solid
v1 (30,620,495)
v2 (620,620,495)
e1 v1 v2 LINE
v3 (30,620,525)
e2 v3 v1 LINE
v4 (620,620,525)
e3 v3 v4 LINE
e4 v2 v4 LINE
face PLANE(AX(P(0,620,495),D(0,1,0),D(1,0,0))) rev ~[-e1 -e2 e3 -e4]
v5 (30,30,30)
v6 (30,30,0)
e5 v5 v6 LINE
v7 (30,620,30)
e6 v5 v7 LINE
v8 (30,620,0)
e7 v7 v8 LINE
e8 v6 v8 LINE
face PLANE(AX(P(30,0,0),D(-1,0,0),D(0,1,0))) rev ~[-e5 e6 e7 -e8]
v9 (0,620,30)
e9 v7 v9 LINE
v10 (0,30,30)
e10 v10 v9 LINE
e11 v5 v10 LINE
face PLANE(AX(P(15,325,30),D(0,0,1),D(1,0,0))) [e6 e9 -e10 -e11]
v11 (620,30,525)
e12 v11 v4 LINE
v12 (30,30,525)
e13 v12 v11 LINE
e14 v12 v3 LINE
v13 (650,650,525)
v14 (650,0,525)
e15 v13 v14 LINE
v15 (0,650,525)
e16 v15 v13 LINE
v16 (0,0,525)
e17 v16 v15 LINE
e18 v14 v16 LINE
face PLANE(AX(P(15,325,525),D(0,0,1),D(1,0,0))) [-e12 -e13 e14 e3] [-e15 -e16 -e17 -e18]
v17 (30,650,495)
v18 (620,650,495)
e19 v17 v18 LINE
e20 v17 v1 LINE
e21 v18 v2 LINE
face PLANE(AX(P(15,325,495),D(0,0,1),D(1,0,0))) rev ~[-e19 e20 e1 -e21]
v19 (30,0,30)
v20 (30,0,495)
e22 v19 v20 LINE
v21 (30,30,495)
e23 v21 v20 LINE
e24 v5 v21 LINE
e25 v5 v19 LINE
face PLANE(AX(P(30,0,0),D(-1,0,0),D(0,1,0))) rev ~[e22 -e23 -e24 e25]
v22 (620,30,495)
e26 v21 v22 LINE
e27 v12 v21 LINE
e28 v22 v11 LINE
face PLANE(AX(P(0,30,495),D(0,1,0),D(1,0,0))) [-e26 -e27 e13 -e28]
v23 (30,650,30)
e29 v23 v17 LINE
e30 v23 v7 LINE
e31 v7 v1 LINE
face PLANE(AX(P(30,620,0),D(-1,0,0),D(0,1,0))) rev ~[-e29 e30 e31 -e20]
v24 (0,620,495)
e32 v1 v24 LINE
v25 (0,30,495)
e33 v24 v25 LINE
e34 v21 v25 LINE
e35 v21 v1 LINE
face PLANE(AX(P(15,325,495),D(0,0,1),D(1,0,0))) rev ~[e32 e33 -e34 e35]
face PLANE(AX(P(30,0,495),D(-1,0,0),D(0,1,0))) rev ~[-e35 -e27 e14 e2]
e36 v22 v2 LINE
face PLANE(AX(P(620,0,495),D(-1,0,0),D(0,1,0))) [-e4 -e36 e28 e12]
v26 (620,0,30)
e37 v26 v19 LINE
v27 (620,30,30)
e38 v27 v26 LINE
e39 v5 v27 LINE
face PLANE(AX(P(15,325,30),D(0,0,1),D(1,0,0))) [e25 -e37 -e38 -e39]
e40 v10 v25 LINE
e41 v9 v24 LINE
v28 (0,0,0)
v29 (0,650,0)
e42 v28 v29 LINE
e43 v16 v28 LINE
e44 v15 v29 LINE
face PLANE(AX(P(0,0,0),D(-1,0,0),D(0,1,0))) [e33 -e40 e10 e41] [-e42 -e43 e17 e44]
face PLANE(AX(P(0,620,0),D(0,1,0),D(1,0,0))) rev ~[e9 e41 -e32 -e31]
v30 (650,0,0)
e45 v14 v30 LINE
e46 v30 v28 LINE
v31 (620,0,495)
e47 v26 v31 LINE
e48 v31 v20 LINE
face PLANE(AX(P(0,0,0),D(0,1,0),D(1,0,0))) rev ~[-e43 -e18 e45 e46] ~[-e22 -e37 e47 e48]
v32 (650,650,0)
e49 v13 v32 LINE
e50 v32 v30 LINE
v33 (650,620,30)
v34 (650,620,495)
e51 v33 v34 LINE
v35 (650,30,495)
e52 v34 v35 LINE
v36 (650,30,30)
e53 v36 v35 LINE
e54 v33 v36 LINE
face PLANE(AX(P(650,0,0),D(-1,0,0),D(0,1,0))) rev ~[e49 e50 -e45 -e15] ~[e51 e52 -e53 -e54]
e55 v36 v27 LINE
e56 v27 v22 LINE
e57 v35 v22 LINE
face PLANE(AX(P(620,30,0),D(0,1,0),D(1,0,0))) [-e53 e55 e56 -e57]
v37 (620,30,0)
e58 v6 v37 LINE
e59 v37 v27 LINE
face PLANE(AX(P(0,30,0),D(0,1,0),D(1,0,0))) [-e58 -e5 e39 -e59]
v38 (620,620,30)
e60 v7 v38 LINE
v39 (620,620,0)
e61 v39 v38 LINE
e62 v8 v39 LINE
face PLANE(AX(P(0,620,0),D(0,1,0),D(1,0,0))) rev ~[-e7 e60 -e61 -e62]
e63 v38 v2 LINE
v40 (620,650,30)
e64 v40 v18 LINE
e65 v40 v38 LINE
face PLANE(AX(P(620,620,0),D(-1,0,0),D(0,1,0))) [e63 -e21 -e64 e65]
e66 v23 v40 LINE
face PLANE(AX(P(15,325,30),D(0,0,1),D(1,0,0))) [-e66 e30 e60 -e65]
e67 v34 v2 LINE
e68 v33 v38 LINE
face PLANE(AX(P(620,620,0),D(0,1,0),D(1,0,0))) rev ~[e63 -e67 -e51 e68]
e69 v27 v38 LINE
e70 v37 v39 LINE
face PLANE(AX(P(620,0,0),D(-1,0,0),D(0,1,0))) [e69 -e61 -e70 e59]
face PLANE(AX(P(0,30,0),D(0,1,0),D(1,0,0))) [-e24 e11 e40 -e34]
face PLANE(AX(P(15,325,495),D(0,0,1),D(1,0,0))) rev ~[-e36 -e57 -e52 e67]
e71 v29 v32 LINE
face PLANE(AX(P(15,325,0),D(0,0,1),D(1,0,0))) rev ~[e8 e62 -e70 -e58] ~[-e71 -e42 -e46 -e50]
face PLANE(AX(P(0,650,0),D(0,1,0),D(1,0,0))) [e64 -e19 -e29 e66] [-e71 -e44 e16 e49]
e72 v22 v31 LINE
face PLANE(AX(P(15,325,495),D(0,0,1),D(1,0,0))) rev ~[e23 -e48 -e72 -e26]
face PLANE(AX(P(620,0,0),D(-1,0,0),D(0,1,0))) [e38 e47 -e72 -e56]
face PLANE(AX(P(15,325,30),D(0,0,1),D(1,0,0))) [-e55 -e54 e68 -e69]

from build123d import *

# Parameters (mm, degrees)
BOX006_W     = 650
BOX006_H     = 30
BOX006_DEPTH = 30
BOX007_W     = 650
BOX007_H     = 30
BOX007_DEPTH = 30
BOX008_W     = 30
BOX008_H     = 650
BOX008_DEPTH = 30
BOX005_W     = 30
BOX005_H     = 650
BOX005_DEPTH = 30
BOX004_W     = 30
BOX004_H     = 30
BOX004_DEPTH = 525
BOX003_W     = 30
BOX003_H     = 30
BOX003_DEPTH = 525
BOX002_W     = 30
BOX002_H     = 30
BOX002_DEPTH = 525
BOX001_W     = 30
BOX001_H     = 30
BOX001_DEPTH = 525
BOX010_W     = 650
BOX010_H     = 30
BOX010_DEPTH = 30
BOX011_W     = 650
BOX011_H     = 30
BOX011_DEPTH = 30
BOX012_W     = 30
BOX012_H     = 650
BOX012_DEPTH = 30
BOX009_W     = 30
BOX009_H     = 650
BOX009_DEPTH = 30


with BuildPart() as box006:
    # Box006 → Box006 (new body)
    with BuildSketch(Plane.XY):
        with Locations((325, 15)):
            Rectangle(BOX006_W, BOX006_H)
    extrude(amount=BOX006_DEPTH)


with BuildPart() as box007:
    # Box007 → Box007 (new body)
    with BuildSketch(Plane(origin=(0, 620, 0), x_dir=(1, 0, 0), z_dir=(0, 0, 1))):
        with Locations((325, 15)):
            Rectangle(BOX007_W, BOX007_H)
    extrude(amount=BOX007_DEPTH)


with BuildPart() as box008:
    # Box008 → Box008 (new body)
    with BuildSketch(Plane(origin=(620, 0, 0), x_dir=(1, 0, 0), z_dir=(0, 0, 1))):
        with Locations((15, 325)):
            Rectangle(BOX008_W, BOX008_H)
    extrude(amount=BOX008_DEPTH)


with BuildPart() as horz_inferior:
    # Box005 → Box005 (new body)
    with BuildSketch(Plane.XY):
        with Locations((15, 325)):
            Rectangle(BOX005_W, BOX005_H)
    extrude(amount=BOX005_DEPTH)

    # Fusion: union Box006, Box007, Box008
    add(box006.part)
    add(box007.part)
    add(box008.part)


with BuildPart() as box004:
    # Box004 → Box004 (new body)
    with BuildSketch(Plane(origin=(0, 620, 0), x_dir=(1, 0, 0), z_dir=(0, 0, 1))):
        with Locations((15, 15)):
            Rectangle(BOX004_W, BOX004_H)
    extrude(amount=BOX004_DEPTH)


with BuildPart() as box003:
    # Box003 → Box003 (new body)
    with BuildSketch(Plane(origin=(620, 620, 0), x_dir=(1, 0, 0), z_dir=(0, 0, 1))):
        with Locations((15, 15)):
            Rectangle(BOX003_W, BOX003_H)
    extrude(amount=BOX003_DEPTH)


with BuildPart() as box002:
    # Box002 → Box002 (new body)
    with BuildSketch(Plane(origin=(620, 0, 0), x_dir=(1, 0, 0), z_dir=(0, 0, 1))):
        with Locations((15, 15)):
            Rectangle(BOX002_W, BOX002_H)
    extrude(amount=BOX002_DEPTH)


with BuildPart() as box001:
    # Box001 → Box001 (new body)
    with BuildSketch(Plane.XY):
        with Locations((15, 15)):
            Rectangle(BOX001_W, BOX001_H)
    extrude(amount=BOX001_DEPTH)


with BuildPart() as box010:
    # Box010 → Box010 (new body)
    with BuildSketch(Plane.XY):
        with Locations((325, 15)):
            Rectangle(BOX010_W, BOX010_H)
    extrude(amount=BOX010_DEPTH)


with BuildPart() as box011:
    # Box011 → Box011 (new body)
    with BuildSketch(Plane(origin=(0, 620, 0), x_dir=(1, 0, 0), z_dir=(0, 0, 1))):
        with Locations((325, 15)):
            Rectangle(BOX011_W, BOX011_H)
    extrude(amount=BOX011_DEPTH)


with BuildPart() as box012:
    # Box012 → Box012 (new body)
    with BuildSketch(Plane(origin=(620, 0, 0), x_dir=(1, 0, 0), z_dir=(0, 0, 1))):
        with Locations((15, 325)):
            Rectangle(BOX012_W, BOX012_H)
    extrude(amount=BOX012_DEPTH)


with BuildPart() as parte_superior:
    # Box009 → Box009 (new body)
    with BuildSketch(Plane.XY):
        with Locations((15, 325)):
            Rectangle(BOX009_W, BOX009_H)
    extrude(amount=BOX009_DEPTH)

    # Fusion001: union Box010, Box011, Box012
    add(box010.part)
    add(box011.part)
    add(box012.part)


with BuildPart() as parte_superior_1:
    # Fusion001 placement: moved
    add(parte_superior.part.moved(Location((0, 0, 495))))

    # Fusion002: union Horz Inferior, Box004, Box003, Box002, Box001
    add(horz_inferior.part)
    add(box004.part)
    add(box003.part)
    add(box002.part)
    add(box001.part)


solid = parte_superior_1.part
